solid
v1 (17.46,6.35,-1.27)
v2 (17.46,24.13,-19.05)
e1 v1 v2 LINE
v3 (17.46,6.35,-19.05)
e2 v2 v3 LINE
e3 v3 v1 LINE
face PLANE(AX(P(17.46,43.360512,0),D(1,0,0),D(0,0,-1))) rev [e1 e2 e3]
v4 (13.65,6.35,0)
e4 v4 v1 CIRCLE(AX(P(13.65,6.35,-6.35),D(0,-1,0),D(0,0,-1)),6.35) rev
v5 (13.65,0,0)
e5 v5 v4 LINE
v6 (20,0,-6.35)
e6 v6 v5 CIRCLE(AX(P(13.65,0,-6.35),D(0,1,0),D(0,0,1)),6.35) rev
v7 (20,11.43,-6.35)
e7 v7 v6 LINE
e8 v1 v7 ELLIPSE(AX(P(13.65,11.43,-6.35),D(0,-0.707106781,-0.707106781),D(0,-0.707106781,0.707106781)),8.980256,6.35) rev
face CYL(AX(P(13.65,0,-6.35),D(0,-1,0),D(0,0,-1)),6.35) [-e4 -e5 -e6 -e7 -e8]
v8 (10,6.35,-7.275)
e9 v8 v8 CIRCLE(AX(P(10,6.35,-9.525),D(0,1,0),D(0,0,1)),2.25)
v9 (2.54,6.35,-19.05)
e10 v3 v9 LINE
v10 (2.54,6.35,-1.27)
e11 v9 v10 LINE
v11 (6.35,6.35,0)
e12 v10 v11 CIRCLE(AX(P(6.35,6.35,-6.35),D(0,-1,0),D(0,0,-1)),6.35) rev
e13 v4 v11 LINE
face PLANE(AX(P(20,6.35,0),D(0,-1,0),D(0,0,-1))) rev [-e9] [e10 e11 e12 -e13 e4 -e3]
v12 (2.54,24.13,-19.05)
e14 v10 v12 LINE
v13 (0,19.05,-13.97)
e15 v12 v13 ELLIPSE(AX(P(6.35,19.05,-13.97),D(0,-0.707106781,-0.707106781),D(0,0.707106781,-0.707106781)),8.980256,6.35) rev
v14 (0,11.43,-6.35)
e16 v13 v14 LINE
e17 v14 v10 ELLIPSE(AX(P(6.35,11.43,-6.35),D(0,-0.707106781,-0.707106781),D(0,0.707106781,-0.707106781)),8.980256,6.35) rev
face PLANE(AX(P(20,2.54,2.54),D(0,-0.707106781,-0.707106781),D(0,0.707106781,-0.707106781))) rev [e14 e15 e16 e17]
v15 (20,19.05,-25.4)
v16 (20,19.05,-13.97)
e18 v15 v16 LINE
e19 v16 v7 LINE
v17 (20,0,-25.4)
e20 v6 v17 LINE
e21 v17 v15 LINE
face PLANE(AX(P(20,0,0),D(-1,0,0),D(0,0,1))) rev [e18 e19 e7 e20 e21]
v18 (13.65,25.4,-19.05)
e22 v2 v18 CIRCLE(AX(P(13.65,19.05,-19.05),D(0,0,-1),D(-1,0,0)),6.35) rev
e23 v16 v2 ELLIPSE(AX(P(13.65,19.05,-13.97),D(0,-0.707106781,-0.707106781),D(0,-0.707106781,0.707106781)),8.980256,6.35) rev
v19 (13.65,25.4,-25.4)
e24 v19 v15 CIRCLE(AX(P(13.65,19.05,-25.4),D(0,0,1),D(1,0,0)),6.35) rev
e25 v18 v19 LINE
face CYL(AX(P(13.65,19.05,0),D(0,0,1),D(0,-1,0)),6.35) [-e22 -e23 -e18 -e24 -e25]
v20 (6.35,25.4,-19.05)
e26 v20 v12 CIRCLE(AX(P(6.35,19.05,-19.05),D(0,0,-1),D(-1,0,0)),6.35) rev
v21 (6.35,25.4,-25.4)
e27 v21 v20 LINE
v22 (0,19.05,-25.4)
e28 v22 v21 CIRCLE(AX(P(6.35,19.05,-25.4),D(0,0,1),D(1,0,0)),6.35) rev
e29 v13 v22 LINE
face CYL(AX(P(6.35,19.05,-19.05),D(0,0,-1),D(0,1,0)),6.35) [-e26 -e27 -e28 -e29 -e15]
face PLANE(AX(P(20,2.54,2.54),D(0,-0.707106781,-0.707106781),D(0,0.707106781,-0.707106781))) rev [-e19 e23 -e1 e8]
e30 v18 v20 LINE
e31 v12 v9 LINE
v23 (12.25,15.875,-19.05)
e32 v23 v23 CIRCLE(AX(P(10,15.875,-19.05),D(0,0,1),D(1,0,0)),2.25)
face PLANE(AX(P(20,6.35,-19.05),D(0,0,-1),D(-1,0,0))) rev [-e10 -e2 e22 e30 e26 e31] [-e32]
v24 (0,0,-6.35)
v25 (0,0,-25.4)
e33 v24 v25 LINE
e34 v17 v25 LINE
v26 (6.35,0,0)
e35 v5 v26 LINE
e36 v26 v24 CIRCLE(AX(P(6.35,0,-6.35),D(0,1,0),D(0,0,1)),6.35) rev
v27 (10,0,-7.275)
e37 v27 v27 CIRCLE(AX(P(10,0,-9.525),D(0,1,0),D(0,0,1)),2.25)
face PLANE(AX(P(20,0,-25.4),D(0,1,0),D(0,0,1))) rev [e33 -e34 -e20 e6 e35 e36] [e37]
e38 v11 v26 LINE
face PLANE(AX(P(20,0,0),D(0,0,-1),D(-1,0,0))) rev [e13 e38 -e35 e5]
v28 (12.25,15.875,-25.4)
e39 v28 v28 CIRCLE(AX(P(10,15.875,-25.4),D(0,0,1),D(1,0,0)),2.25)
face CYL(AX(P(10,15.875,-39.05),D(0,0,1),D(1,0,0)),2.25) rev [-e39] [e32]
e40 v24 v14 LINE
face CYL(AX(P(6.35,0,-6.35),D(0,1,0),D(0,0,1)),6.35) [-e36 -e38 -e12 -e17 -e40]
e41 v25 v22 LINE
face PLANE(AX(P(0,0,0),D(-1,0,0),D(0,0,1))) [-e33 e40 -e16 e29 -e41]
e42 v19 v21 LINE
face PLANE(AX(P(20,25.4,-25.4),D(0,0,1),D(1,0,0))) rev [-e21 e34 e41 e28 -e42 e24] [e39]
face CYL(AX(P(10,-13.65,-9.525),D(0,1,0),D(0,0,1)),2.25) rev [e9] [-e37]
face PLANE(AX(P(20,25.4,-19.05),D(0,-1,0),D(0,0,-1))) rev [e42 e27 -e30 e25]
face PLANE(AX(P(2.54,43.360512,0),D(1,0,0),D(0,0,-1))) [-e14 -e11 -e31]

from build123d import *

# Parameters (mm, degrees)
BOSS_EXTRUDE1_DEPTH = 20
CUT_EXTRUDE1_DEPTH  = 20
CUT_EXTRUDE2_DEPTH  = 20
FILLET1_R           = 6.35
BOSS_EXTRUDE2_DEPTH = 19.05
CUT_EXTRUDE3_DEPTH  = 20.05
CUT_EXTRUDE4_DEPTH  = 21


with BuildPart() as part:
    # Sketch1 → Boss-Extrude1 (new body)
    with BuildSketch(Plane(origin=(0, 0, 0), x_dir=(0, 0, -1), z_dir=(1, 0, 0))):
        Polygon((0, 0), (0, 6.35), (19.05, 6.35), (19.05, 25.4), (25.4, 25.4), (25.4, 0), align=None)
    extrude(amount=BOSS_EXTRUDE1_DEPTH)

    # Sketch2 → Cut-Extrude1 (cut)
    with BuildSketch(Plane(origin=(0, 6.35, 0), x_dir=(1, 0, 0), z_dir=(0, 1, 0))):
        with BuildLine():
            ThreePointArc((8.37078656, 11.076825802), (7.750000055, 9.525), (8.37078656, 7.973174198))
            Line((8.37078656, 7.973174198), (10, 9.525))
            Line((10, 9.525), (8.37078656, 11.076825802))
        make_face()
        with BuildLine():
            Line((10, 9.525), (8.37078656, 7.973174198))
            ThreePointArc((8.37078656, 7.973174198), (10, 7.275000055), (11.62921344, 7.973174198))
            Line((11.62921344, 7.973174198), (10, 9.525))
        make_face()
        with BuildLine():
            Line((8.37078656, 11.076825802), (10, 9.525))
            Line((10, 9.525), (11.62921344, 11.076825802))
            ThreePointArc((11.62921344, 11.076825802), (10, 11.774999945), (8.37078656, 11.076825802))
        make_face()
        with BuildLine():
            Line((11.62921344, 11.076825802), (10, 9.525))
            Line((10, 9.525), (11.62921344, 7.973174198))
            ThreePointArc((11.62921344, 7.973174198), (12.089046422, 8.689305797), (12.249999945, 9.525))
            ThreePointArc((12.249999945, 9.525), (12.089046422, 10.360694203), (11.62921344, 11.076825802))
        make_face()
    extrude(amount=-CUT_EXTRUDE1_DEPTH, mode=Mode.SUBTRACT)

    # Sketch3 → Cut-Extrude2 (cut)
    with BuildSketch(Plane.XY.offset(-19.05)):
        with BuildLine():
            ThreePointArc((8.37078652, 17.42682584), (7.75, 15.875), (8.37078652, 14.32317416))
            Line((8.37078652, 14.32317416), (10, 15.875))
            Line((10, 15.875), (8.37078652, 17.42682584))
        make_face()
        with BuildLine():
            Line((10, 15.875), (8.37078652, 14.32317416))
            ThreePointArc((8.37078652, 14.32317416), (10, 13.625), (11.62921348, 14.32317416))
            Line((11.62921348, 14.32317416), (10, 15.875))
        make_face()
        with BuildLine():
            Line((8.37078652, 17.42682584), (10, 15.875))
            Line((10, 15.875), (11.62921348, 17.42682584))
            ThreePointArc((11.62921348, 17.42682584), (10, 18.125), (8.37078652, 17.42682584))
        make_face()
        with BuildLine():
            Line((11.62921348, 17.42682584), (10, 15.875))
            Line((10, 15.875), (11.62921348, 14.32317416))
            ThreePointArc((11.62921348, 14.32317416), (12.089046473, 15.039305777), (12.25, 15.875))
            ThreePointArc((12.25, 15.875), (12.089046473, 16.710694223), (11.62921348, 17.42682584))
        make_face()
    extrude(amount=-CUT_EXTRUDE2_DEPTH, mode=Mode.SUBTRACT)

    # Fillet1
    fillet1_edges = [part.edges().sort_by_distance(p)[0] for p in [
        (20, 25.4, -22.225),
        (20, 3.175, 0),
        (0, 3.175, 0),
        (0, 25.4, -22.225),
    ]]
    fillet(fillet1_edges, radius=FILLET1_R)

    # Sketch4 → Boss-Extrude2 (add)
    with BuildSketch(Plane(origin=(0, 6.35, 0), x_dir=(1, 0, 0), z_dir=(0, 1, 0))):
        with BuildLine():
            Line((2.54, 1.27), (2.54, 19.05))
            Line((2.54, 19.05), (0, 19.05))
            Line((0, 19.05), (0, 6.35))
            ThreePointArc((0, 6.35), (0.670387337, 3.510193669), (2.54, 1.27))
        make_face()
        with BuildLine():
            Line((20, 19.05), (17.46, 19.05))
            Line((17.46, 19.05), (17.46, 1.27))
            ThreePointArc((17.46, 1.27), (19.329612663, 3.510193669), (20, 6.35))
            Line((20, 6.35), (20, 19.05))
        make_face()
    extrude(amount=BOSS_EXTRUDE2_DEPTH)

    # Sketch5 → Cut-Extrude3 (cut, through all)
    with BuildSketch(Plane(origin=(0, 0, -19.05), x_dir=(-1, 0, 0), z_dir=(0, 0, -1))):
        with BuildLine():
            Line((0, 19.05), (0, 25.4))
            Line((0, 25.4), (-2.54, 25.4))
            Line((-2.54, 25.4), (-2.54, 24.13))
            ThreePointArc((-2.54, 24.13), (-0.670387337, 21.889806331), (0, 19.05))
        make_face()
        with BuildLine():
            Line((-17.46, 24.13), (-17.46, 25.4))
            Line((-17.46, 25.4), (-20, 25.4))
            Line((-20, 25.4), (-20, 19.05))
            ThreePointArc((-20, 19.05), (-19.329612663, 21.889806331), (-17.46, 24.13))
        make_face()
    extrude(amount=-CUT_EXTRUDE3_DEPTH, mode=Mode.SUBTRACT)

    # Sketch6 → Cut-Extrude4 (cut, through all)
    with BuildSketch(Plane.ZY):
        Polygon((-13.97, 19.05), (-6.35, 19.05), (-6.35, 11.43), (-1.27, 6.35), (-1.27, 24.13), (-19.05, 24.13), align=None)
        Polygon((-6.35, 11.43), (-6.35, 19.05), (-13.97, 19.05), align=None)
    extrude(amount=-CUT_EXTRUDE4_DEPTH, mode=Mode.SUBTRACT)


solid = part.part
